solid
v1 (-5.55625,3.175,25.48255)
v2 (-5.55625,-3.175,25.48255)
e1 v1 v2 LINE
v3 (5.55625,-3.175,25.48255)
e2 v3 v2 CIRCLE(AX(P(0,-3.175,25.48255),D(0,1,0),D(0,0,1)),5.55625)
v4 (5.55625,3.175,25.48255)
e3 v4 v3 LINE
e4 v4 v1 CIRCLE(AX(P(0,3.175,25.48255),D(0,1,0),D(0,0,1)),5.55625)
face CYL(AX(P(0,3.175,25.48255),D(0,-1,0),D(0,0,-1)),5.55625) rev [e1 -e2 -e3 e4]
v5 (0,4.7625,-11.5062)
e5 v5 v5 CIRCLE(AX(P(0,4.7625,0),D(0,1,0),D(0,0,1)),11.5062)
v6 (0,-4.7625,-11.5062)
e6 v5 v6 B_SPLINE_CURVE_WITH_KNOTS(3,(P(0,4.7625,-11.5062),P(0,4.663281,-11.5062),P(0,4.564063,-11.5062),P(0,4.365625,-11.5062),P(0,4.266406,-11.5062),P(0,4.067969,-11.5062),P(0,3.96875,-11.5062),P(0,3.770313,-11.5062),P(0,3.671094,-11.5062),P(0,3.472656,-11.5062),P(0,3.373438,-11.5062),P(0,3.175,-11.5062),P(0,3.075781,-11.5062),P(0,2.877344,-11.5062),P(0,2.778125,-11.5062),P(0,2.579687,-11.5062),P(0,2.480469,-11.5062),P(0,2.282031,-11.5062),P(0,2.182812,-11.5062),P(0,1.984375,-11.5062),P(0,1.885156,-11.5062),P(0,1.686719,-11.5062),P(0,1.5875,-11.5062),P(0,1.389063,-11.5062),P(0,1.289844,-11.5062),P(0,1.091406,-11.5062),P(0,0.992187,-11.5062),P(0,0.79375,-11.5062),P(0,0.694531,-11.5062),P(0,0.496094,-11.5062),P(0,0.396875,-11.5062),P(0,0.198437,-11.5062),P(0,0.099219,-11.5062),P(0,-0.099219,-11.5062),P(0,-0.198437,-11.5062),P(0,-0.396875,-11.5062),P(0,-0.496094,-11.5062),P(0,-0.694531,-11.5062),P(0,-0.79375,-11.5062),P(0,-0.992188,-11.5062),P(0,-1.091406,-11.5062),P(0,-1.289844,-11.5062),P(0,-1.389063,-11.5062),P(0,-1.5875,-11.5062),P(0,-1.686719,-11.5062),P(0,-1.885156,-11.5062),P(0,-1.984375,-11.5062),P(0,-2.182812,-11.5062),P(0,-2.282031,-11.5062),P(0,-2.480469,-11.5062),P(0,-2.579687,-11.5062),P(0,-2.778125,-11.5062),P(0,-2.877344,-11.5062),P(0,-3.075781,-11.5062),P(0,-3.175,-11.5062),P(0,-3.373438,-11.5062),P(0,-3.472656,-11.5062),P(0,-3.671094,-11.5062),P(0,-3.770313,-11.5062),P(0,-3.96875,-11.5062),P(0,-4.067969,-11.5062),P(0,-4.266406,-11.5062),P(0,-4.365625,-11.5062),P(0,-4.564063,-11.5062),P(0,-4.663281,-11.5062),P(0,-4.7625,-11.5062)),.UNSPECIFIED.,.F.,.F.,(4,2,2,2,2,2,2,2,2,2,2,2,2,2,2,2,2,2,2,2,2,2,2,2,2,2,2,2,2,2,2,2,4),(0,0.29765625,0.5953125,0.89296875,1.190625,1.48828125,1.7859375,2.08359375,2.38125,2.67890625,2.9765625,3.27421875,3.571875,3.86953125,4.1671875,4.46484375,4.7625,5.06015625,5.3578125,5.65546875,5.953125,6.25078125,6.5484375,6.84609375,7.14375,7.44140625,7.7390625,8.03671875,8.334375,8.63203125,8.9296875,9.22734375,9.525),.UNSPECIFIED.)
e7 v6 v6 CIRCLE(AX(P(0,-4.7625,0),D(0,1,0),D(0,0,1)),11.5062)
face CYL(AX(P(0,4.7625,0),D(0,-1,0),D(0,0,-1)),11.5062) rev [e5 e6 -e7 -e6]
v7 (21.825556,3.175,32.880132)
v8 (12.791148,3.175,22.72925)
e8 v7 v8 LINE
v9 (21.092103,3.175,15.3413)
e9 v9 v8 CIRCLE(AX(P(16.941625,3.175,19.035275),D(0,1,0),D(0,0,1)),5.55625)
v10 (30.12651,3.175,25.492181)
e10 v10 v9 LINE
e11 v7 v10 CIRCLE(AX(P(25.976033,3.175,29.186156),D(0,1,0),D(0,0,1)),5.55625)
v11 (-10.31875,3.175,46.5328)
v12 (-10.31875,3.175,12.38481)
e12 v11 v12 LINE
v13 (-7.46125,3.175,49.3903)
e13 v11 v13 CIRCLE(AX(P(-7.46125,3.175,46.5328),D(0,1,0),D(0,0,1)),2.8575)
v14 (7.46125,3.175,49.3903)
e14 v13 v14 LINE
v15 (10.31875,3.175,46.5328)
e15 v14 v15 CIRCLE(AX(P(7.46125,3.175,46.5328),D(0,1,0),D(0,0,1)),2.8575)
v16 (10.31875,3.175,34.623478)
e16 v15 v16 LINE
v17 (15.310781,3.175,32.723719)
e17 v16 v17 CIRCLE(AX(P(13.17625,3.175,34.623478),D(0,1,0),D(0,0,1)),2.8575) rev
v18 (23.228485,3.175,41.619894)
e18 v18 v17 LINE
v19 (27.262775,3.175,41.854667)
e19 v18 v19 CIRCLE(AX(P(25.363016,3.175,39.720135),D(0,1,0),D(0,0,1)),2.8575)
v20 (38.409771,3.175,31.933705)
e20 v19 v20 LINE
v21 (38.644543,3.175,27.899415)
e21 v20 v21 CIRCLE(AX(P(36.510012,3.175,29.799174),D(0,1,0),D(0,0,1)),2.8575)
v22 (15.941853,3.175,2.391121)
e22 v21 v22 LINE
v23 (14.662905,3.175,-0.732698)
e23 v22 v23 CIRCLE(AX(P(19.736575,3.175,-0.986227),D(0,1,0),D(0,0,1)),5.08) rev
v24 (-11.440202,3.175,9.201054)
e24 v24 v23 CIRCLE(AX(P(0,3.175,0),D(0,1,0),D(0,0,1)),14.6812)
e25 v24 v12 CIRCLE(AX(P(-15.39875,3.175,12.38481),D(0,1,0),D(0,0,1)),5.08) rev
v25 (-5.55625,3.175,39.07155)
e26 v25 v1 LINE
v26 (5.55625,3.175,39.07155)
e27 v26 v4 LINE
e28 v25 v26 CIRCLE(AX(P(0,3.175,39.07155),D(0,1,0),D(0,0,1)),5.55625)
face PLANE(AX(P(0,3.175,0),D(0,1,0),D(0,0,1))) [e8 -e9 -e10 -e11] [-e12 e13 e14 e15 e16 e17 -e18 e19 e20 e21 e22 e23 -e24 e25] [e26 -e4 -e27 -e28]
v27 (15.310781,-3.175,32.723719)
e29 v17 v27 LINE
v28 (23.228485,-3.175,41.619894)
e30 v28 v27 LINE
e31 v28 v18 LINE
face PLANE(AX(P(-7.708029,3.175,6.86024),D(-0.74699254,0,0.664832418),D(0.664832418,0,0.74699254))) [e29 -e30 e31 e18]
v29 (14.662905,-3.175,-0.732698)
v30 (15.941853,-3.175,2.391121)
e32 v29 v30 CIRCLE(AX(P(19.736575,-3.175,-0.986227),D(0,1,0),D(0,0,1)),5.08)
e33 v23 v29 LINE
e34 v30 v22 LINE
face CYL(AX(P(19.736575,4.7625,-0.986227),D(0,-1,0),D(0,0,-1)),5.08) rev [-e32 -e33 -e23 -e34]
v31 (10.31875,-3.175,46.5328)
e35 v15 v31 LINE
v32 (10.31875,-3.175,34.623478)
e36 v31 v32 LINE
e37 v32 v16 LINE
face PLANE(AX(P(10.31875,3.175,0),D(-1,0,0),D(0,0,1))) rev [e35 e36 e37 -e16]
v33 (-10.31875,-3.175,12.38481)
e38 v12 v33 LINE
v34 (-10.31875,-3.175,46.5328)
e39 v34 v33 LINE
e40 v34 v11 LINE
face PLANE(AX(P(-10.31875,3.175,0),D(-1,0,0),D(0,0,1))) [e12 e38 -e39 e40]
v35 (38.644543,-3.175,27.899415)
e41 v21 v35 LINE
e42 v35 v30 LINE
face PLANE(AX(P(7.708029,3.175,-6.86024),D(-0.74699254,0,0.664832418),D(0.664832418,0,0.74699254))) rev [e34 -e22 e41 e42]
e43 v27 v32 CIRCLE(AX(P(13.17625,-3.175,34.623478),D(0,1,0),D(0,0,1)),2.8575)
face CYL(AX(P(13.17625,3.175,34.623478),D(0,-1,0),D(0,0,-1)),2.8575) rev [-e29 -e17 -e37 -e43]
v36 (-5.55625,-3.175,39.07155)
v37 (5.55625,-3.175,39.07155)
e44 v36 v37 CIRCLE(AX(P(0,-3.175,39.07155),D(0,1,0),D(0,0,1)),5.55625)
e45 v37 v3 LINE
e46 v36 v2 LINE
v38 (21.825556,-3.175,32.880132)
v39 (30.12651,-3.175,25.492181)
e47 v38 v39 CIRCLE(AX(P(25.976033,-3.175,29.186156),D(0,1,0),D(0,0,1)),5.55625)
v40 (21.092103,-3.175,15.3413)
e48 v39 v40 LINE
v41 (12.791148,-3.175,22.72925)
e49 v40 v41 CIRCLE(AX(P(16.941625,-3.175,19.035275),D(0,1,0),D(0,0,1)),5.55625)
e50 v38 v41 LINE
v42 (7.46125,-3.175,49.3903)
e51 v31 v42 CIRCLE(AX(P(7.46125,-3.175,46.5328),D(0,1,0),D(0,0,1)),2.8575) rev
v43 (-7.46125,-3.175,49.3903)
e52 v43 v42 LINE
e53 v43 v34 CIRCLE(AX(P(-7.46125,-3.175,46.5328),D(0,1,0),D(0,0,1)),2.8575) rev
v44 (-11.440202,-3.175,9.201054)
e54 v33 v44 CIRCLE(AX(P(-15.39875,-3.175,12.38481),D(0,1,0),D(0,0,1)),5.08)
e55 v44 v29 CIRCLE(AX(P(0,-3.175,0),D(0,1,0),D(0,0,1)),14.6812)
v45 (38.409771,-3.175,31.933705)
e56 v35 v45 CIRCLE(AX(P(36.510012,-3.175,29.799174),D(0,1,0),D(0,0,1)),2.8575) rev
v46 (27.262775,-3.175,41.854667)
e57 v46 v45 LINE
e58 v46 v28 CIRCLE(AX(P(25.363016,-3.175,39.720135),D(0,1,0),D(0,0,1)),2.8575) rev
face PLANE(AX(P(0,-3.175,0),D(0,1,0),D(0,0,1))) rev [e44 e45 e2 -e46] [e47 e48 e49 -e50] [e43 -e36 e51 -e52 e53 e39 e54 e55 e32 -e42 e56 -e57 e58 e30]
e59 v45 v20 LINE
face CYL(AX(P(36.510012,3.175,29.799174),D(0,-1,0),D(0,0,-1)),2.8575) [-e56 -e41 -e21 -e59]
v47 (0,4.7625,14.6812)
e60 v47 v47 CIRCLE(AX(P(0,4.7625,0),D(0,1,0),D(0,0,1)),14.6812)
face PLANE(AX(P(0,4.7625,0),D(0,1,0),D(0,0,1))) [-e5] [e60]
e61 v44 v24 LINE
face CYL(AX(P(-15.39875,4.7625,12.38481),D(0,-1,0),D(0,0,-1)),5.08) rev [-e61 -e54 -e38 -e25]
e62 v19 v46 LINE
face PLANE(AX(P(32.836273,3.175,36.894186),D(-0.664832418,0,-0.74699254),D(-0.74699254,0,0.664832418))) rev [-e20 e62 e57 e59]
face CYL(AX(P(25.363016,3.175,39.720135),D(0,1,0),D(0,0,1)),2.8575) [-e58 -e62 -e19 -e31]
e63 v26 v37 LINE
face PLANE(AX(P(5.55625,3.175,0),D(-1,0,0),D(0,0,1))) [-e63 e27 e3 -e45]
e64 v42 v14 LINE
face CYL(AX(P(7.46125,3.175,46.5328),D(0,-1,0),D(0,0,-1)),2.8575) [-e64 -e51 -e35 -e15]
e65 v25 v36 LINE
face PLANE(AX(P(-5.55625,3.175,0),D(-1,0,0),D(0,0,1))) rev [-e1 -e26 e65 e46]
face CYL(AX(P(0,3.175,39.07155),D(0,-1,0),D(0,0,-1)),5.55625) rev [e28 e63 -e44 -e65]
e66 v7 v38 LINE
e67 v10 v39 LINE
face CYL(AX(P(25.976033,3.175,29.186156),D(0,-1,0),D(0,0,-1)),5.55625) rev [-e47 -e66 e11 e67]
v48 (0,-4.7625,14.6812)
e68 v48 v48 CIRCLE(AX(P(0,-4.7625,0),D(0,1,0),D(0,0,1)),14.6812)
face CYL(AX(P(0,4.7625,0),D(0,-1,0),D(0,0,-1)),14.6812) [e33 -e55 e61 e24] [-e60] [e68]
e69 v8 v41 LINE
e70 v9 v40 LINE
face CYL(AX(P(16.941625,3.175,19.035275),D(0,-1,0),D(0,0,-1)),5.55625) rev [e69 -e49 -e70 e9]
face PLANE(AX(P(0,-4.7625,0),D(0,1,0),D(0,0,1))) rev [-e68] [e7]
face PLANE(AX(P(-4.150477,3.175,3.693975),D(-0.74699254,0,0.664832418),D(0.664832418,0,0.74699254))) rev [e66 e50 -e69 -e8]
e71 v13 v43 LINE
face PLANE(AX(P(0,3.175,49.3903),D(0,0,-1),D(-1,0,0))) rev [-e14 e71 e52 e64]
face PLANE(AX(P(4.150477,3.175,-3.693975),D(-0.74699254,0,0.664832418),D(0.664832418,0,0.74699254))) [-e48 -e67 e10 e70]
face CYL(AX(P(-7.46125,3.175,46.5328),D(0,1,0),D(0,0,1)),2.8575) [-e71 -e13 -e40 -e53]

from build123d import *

# Parameters (mm, degrees)
SKETCH1_R                      = 14.6812
SKETCH1_R_2                    = 11.5062
BEARING_INSERT_EXTRUDE_DEPTH   = 4.7625
APEX_SLOT_INSERT_EXTRUDE_DEPTH = 3.175
FILLET1_R                      = 5.08
FILLET2_R                      = 2.8575


with BuildPart() as part:
    # Sketch1 → Bearing_Insert_Extrude (new, symmetric)
    with BuildSketch(Plane(origin=(0, 0, 0), x_dir=(1, 0, 0), z_dir=(0, 1, 0))):
        with Locations(Location((0, 0, 0), (0, 0, 90))):
            Circle(SKETCH1_R)
        with Locations(Location((0, 0, 0), (0, 0, 90))):
            Circle(SKETCH1_R_2, mode=Mode.SUBTRACT)
    extrude(amount=BEARING_INSERT_EXTRUDE_DEPTH, both=True)

    # Sketch1<4> → Apex_Slot_Insert_Extrude (add, symmetric)
    with BuildSketch(Plane(origin=(0, 0, 0), x_dir=(1, 0, 0), z_dir=(0, 1, 0))):
        with BuildLine():
            Line((-10.31875, -10.443228997), (-10.31875, -49.3903))
            Line((-10.31875, -49.3903), (10.31875, -49.3903))
            Line((10.31875, -49.3903), (10.31875, -27.114771747))
            Line((10.31875, -27.114771747), (25.128243321, -43.754425185))
            Line((25.128243321, -43.754425185), (40.544301873, -30.033946149))
            Line((40.544301873, -30.033946149), (14.651026466, -0.94077464))
            ThreePointArc((14.651026466, -0.94077464), (5.221715671, -13.721199616), (-10.31875, -10.443228997))
        make_face()
        with BuildLine():
            ThreePointArc((5.55625, -39.07155), (0, -44.6278), (-5.55625, -39.07155))
            Line((-5.55625, -39.07155), (-5.55625, -25.48255))
            ThreePointArc((-5.55625, -25.48255), (0, -19.9263), (5.55625, -25.48255))
            Line((5.55625, -25.48255), (5.55625, -39.07155))
        make_face(mode=Mode.SUBTRACT)
        with BuildLine():
            ThreePointArc((30.126510381, -25.492181266), (29.670008204, -33.336633694), (21.825555776, -32.880131516))
            Line((21.825555776, -32.880131516), (12.791148042, -22.729249885))
            ThreePointArc((12.791148042, -22.729249885), (13.24765022, -14.884797457), (21.092102647, -15.341299635))
            Line((21.092102647, -15.341299635), (30.126510381, -25.492181266))
        make_face(mode=Mode.SUBTRACT)
    extrude(amount=APEX_SLOT_INSERT_EXTRUDE_DEPTH, both=True)

    # Fillet1
    fillet1_edges = [part.edges().sort_by_distance(p)[0] for p in [
        (14.651026466, 0, 0.94077464),
        (-10.31875, 0, 10.443228997),
    ]]
    fillet(fillet1_edges, radius=FILLET1_R)

    # Fillet2
    fillet2_edges = [part.edges().sort_by_distance(p)[0] for p in [
        (-10.31875, 0, 49.3903),
        (10.31875, 0, 49.3903),
        (10.31875, 0, 27.114771747),
        (25.128243321, 0, 43.754425185),
        (40.544301873, 0, 30.033946149),
    ]]
    fillet(fillet2_edges, radius=FILLET2_R)


solid = part.part
